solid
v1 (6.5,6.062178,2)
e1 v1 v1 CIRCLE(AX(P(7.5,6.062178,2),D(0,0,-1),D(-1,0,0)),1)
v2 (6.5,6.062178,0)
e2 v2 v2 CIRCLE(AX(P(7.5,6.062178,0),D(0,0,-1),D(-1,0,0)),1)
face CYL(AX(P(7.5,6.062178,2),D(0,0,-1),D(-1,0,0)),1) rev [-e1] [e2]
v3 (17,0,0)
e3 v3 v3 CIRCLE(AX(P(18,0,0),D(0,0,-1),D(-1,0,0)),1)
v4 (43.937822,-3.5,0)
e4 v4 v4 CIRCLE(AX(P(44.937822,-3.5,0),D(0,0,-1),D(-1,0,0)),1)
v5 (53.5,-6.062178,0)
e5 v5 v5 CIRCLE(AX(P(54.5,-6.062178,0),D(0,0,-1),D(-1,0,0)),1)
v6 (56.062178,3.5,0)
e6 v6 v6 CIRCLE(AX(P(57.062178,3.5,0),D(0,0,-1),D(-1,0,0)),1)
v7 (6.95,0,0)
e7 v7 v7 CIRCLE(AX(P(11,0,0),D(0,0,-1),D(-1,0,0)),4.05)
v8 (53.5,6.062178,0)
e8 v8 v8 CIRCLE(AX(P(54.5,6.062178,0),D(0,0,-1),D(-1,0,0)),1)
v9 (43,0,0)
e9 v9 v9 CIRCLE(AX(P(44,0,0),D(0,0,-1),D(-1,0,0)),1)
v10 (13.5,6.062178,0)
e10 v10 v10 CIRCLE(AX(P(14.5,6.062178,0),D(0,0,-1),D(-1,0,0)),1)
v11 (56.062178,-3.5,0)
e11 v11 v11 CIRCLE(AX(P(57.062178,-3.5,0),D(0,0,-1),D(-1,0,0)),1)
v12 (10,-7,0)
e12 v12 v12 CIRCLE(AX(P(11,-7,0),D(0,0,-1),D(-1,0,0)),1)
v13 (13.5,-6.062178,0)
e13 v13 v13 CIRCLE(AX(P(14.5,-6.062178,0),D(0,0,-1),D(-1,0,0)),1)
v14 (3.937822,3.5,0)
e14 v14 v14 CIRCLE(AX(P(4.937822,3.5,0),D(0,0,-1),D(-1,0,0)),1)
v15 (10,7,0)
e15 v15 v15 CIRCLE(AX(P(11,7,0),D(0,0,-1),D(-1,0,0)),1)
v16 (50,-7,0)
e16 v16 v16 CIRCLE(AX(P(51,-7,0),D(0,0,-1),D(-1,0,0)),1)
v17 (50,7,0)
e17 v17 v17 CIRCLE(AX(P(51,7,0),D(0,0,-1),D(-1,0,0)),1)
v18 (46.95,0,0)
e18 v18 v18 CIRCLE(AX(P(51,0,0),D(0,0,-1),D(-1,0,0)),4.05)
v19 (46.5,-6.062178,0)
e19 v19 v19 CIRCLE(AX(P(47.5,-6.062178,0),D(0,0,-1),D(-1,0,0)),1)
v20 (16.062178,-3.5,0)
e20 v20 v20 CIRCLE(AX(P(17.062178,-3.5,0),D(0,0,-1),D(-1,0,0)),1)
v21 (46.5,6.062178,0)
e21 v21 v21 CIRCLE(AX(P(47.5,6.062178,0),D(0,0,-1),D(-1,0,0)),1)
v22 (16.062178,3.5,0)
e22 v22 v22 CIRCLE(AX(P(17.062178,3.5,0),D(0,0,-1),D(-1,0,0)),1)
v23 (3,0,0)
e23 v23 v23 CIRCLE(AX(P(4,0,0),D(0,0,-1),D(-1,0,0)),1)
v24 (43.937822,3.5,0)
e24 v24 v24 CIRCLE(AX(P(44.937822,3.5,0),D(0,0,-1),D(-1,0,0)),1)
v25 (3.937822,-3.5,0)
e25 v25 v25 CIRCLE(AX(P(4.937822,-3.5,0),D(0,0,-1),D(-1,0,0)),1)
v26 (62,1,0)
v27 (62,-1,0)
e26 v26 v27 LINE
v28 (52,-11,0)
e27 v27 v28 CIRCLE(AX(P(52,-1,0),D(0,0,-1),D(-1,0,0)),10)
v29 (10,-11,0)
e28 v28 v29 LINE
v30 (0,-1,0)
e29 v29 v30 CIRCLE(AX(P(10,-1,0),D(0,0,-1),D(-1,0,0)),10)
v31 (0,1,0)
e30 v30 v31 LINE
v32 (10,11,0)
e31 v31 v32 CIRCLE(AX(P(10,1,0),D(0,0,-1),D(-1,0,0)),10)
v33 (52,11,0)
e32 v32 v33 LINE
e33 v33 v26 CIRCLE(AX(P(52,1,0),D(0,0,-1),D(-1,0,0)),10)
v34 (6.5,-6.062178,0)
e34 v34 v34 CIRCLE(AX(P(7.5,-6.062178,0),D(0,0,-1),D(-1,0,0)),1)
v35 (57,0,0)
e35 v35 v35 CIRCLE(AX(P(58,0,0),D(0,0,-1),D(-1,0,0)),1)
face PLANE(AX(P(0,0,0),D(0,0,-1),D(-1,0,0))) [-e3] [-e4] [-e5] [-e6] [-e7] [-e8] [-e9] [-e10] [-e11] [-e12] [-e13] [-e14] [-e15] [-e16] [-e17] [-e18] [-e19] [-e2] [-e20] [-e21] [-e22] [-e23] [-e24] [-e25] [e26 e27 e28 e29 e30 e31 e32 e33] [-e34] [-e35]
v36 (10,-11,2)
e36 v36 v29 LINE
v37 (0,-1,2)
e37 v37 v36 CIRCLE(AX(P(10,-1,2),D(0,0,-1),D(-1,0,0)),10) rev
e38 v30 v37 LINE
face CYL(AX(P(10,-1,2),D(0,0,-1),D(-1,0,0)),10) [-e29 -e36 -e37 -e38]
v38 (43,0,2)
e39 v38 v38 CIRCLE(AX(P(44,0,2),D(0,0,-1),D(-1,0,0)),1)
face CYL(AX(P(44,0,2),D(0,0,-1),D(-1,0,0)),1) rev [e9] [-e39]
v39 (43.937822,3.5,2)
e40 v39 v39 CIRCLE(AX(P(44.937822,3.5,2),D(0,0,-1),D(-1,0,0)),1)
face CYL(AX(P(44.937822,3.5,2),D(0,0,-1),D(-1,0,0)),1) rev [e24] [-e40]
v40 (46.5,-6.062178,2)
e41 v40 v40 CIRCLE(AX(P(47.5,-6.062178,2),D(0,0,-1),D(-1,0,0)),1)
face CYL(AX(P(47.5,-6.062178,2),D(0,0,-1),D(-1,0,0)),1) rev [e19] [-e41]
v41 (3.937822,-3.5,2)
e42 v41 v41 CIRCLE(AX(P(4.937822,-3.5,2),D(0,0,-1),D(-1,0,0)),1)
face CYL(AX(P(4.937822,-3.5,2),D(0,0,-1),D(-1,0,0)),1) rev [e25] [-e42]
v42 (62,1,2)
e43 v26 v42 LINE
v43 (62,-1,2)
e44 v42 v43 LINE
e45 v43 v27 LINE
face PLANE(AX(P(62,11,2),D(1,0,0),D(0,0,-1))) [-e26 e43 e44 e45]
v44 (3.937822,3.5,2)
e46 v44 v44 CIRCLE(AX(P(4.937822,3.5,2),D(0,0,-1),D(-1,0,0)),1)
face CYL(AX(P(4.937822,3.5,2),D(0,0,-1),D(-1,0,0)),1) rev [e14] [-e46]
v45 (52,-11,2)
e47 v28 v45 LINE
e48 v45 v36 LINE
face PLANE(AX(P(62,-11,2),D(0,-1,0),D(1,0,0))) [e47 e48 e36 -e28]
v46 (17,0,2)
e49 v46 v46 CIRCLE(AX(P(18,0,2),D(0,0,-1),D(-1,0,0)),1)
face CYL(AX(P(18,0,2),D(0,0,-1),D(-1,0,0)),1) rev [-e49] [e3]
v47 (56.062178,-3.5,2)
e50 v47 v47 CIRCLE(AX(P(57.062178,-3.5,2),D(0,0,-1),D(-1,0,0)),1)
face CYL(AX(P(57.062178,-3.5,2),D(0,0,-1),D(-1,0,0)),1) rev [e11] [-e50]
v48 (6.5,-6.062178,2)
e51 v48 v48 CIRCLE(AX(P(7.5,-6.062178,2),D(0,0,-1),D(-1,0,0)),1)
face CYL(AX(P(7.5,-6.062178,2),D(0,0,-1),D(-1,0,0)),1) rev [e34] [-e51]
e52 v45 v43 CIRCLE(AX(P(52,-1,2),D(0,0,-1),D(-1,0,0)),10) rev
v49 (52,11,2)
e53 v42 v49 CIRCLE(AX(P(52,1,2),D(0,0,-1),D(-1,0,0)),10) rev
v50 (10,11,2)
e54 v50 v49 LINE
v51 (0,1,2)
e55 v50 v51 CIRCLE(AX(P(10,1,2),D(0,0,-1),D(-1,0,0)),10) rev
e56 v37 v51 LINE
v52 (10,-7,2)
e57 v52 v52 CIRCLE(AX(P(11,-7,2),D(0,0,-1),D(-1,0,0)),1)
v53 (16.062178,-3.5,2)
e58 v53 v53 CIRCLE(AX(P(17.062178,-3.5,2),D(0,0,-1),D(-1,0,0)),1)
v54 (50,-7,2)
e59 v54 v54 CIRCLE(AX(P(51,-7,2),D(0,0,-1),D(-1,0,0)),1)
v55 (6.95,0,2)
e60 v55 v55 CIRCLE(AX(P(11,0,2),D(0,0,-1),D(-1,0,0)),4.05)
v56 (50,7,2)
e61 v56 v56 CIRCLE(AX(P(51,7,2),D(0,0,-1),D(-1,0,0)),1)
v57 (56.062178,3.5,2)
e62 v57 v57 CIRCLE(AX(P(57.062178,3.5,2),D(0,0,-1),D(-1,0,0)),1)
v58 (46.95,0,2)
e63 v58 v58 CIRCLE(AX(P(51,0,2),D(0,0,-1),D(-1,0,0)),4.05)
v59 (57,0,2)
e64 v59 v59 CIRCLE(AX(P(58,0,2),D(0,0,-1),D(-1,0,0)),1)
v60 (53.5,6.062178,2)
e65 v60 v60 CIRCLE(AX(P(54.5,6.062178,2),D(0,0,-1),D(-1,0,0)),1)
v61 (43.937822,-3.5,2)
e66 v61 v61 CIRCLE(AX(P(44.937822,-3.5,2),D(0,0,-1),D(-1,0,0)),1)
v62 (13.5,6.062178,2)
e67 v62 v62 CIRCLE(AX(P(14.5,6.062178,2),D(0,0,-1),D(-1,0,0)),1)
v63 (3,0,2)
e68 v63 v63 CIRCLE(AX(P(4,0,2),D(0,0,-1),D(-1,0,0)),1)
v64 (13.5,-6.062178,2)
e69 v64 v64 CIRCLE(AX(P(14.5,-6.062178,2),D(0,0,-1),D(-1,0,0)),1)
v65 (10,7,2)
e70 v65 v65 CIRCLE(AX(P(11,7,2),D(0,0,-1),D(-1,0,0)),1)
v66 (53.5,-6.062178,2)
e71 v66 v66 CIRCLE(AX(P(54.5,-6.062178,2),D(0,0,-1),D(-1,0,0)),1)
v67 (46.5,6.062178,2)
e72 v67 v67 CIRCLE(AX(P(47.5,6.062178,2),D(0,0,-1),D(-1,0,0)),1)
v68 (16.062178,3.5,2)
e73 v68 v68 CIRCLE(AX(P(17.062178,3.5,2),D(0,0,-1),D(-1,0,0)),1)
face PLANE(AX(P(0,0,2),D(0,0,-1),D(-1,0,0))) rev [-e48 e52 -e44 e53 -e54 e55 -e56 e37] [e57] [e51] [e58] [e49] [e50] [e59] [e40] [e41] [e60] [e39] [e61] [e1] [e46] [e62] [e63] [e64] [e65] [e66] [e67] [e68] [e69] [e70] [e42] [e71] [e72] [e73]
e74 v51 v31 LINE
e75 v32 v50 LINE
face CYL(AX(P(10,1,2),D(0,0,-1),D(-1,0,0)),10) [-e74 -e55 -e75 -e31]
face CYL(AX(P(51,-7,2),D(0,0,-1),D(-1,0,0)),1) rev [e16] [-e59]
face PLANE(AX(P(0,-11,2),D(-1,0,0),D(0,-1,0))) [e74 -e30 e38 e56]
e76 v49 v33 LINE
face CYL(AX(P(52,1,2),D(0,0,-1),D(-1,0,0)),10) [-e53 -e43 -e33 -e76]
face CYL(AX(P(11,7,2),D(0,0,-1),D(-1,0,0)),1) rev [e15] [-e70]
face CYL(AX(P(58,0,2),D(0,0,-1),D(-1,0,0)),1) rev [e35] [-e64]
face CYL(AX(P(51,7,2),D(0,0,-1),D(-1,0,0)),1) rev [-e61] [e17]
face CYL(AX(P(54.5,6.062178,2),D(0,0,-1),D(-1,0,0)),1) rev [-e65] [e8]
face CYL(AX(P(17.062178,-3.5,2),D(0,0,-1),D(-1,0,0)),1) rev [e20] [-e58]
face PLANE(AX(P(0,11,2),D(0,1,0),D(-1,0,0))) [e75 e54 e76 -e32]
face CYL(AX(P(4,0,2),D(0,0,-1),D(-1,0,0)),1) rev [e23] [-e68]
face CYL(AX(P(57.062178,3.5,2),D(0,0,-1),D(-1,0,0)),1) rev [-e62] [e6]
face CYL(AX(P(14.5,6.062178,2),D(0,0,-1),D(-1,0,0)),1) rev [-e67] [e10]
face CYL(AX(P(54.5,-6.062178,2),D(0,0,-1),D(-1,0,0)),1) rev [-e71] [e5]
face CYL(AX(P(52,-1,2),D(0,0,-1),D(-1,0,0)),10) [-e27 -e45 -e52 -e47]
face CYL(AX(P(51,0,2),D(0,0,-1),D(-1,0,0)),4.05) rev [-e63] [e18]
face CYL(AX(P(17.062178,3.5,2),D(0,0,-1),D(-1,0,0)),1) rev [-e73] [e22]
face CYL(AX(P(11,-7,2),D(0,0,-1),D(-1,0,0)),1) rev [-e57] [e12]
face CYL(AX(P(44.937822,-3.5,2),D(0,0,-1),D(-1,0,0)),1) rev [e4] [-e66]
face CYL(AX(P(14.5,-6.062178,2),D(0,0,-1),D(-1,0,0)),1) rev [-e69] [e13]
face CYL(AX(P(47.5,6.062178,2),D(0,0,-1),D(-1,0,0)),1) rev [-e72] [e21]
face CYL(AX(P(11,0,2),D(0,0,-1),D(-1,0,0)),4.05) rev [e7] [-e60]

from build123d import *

# Parameters (mm, degrees)
ESQUISSE2_W        = 62
ESQUISSE2_H        = 22
ESQUISSE2_R        = 4.05
ESQUISSE2_R_2      = 1
BOSS_EXTRU_1_DEPTH = 2
CONG_1_R           = 10


with BuildPart() as part:
    # Esquisse2 → Boss.-Extru.1 (new body)
    with BuildSketch(Plane(origin=(0, 0, 0), x_dir=(-1, 0, 0), z_dir=(0, 0, -1))):
        with Locations((-31, 0)):
            Rectangle(ESQUISSE2_W, ESQUISSE2_H)
        with Locations((-11, 0)):
            Circle(ESQUISSE2_R, mode=Mode.SUBTRACT)
        with Locations((-4, 0)):
            Circle(ESQUISSE2_R_2, mode=Mode.SUBTRACT)
        with Locations((-4.937822174, -3.5)):
            Circle(ESQUISSE2_R_2, mode=Mode.SUBTRACT)
        with Locations((-7.5, -6.062177826)):
            Circle(ESQUISSE2_R_2, mode=Mode.SUBTRACT)
        with Locations((-11, -7)):
            Circle(ESQUISSE2_R_2, mode=Mode.SUBTRACT)
        with Locations((-14.5, -6.062177826)):
            Circle(ESQUISSE2_R_2, mode=Mode.SUBTRACT)
        with Locations((-17.062177826, -3.5)):
            Circle(ESQUISSE2_R_2, mode=Mode.SUBTRACT)
        with Locations((-18, 0)):
            Circle(ESQUISSE2_R_2, mode=Mode.SUBTRACT)
        with Locations((-17.062177826, 3.5)):
            Circle(ESQUISSE2_R_2, mode=Mode.SUBTRACT)
        with Locations((-14.5, 6.062177826)):
            Circle(ESQUISSE2_R_2, mode=Mode.SUBTRACT)
        with Locations((-11, 7)):
            Circle(ESQUISSE2_R_2, mode=Mode.SUBTRACT)
        with Locations((-7.5, 6.062177826)):
            Circle(ESQUISSE2_R_2, mode=Mode.SUBTRACT)
        with Locations((-4.937822174, 3.5)):
            Circle(ESQUISSE2_R_2, mode=Mode.SUBTRACT)
        with Locations((-51, 0)):
            Circle(ESQUISSE2_R, mode=Mode.SUBTRACT)
        with Locations((-44, 0)):
            Circle(ESQUISSE2_R_2, mode=Mode.SUBTRACT)
        with Locations((-44.937822174, -3.5)):
            Circle(ESQUISSE2_R_2, mode=Mode.SUBTRACT)
        with Locations((-47.5, -6.062177826)):
            Circle(ESQUISSE2_R_2, mode=Mode.SUBTRACT)
        with Locations((-51, -7)):
            Circle(ESQUISSE2_R_2, mode=Mode.SUBTRACT)
        with Locations((-54.5, -6.062177826)):
            Circle(ESQUISSE2_R_2, mode=Mode.SUBTRACT)
        with Locations((-57.062177826, -3.5)):
            Circle(ESQUISSE2_R_2, mode=Mode.SUBTRACT)
        with Locations((-58, 0)):
            Circle(ESQUISSE2_R_2, mode=Mode.SUBTRACT)
        with Locations((-57.062177826, 3.5)):
            Circle(ESQUISSE2_R_2, mode=Mode.SUBTRACT)
        with Locations((-54.5, 6.062177826)):
            Circle(ESQUISSE2_R_2, mode=Mode.SUBTRACT)
        with Locations((-51, 7)):
            Circle(ESQUISSE2_R_2, mode=Mode.SUBTRACT)
        with Locations((-47.5, 6.062177826)):
            Circle(ESQUISSE2_R_2, mode=Mode.SUBTRACT)
        with Locations((-44.937822174, 3.5)):
            Circle(ESQUISSE2_R_2, mode=Mode.SUBTRACT)
    extrude(amount=-BOSS_EXTRU_1_DEPTH)

    # Congé1
    cong_1_edges = [part.edges().sort_by_distance(p)[0] for p in [
        (62, 11, 1),
        (0, 11, 1),
        (0, -11, 1),
        (62, -11, 1),
    ]]
    fillet(cong_1_edges, radius=CONG_1_R)


solid = part.part
